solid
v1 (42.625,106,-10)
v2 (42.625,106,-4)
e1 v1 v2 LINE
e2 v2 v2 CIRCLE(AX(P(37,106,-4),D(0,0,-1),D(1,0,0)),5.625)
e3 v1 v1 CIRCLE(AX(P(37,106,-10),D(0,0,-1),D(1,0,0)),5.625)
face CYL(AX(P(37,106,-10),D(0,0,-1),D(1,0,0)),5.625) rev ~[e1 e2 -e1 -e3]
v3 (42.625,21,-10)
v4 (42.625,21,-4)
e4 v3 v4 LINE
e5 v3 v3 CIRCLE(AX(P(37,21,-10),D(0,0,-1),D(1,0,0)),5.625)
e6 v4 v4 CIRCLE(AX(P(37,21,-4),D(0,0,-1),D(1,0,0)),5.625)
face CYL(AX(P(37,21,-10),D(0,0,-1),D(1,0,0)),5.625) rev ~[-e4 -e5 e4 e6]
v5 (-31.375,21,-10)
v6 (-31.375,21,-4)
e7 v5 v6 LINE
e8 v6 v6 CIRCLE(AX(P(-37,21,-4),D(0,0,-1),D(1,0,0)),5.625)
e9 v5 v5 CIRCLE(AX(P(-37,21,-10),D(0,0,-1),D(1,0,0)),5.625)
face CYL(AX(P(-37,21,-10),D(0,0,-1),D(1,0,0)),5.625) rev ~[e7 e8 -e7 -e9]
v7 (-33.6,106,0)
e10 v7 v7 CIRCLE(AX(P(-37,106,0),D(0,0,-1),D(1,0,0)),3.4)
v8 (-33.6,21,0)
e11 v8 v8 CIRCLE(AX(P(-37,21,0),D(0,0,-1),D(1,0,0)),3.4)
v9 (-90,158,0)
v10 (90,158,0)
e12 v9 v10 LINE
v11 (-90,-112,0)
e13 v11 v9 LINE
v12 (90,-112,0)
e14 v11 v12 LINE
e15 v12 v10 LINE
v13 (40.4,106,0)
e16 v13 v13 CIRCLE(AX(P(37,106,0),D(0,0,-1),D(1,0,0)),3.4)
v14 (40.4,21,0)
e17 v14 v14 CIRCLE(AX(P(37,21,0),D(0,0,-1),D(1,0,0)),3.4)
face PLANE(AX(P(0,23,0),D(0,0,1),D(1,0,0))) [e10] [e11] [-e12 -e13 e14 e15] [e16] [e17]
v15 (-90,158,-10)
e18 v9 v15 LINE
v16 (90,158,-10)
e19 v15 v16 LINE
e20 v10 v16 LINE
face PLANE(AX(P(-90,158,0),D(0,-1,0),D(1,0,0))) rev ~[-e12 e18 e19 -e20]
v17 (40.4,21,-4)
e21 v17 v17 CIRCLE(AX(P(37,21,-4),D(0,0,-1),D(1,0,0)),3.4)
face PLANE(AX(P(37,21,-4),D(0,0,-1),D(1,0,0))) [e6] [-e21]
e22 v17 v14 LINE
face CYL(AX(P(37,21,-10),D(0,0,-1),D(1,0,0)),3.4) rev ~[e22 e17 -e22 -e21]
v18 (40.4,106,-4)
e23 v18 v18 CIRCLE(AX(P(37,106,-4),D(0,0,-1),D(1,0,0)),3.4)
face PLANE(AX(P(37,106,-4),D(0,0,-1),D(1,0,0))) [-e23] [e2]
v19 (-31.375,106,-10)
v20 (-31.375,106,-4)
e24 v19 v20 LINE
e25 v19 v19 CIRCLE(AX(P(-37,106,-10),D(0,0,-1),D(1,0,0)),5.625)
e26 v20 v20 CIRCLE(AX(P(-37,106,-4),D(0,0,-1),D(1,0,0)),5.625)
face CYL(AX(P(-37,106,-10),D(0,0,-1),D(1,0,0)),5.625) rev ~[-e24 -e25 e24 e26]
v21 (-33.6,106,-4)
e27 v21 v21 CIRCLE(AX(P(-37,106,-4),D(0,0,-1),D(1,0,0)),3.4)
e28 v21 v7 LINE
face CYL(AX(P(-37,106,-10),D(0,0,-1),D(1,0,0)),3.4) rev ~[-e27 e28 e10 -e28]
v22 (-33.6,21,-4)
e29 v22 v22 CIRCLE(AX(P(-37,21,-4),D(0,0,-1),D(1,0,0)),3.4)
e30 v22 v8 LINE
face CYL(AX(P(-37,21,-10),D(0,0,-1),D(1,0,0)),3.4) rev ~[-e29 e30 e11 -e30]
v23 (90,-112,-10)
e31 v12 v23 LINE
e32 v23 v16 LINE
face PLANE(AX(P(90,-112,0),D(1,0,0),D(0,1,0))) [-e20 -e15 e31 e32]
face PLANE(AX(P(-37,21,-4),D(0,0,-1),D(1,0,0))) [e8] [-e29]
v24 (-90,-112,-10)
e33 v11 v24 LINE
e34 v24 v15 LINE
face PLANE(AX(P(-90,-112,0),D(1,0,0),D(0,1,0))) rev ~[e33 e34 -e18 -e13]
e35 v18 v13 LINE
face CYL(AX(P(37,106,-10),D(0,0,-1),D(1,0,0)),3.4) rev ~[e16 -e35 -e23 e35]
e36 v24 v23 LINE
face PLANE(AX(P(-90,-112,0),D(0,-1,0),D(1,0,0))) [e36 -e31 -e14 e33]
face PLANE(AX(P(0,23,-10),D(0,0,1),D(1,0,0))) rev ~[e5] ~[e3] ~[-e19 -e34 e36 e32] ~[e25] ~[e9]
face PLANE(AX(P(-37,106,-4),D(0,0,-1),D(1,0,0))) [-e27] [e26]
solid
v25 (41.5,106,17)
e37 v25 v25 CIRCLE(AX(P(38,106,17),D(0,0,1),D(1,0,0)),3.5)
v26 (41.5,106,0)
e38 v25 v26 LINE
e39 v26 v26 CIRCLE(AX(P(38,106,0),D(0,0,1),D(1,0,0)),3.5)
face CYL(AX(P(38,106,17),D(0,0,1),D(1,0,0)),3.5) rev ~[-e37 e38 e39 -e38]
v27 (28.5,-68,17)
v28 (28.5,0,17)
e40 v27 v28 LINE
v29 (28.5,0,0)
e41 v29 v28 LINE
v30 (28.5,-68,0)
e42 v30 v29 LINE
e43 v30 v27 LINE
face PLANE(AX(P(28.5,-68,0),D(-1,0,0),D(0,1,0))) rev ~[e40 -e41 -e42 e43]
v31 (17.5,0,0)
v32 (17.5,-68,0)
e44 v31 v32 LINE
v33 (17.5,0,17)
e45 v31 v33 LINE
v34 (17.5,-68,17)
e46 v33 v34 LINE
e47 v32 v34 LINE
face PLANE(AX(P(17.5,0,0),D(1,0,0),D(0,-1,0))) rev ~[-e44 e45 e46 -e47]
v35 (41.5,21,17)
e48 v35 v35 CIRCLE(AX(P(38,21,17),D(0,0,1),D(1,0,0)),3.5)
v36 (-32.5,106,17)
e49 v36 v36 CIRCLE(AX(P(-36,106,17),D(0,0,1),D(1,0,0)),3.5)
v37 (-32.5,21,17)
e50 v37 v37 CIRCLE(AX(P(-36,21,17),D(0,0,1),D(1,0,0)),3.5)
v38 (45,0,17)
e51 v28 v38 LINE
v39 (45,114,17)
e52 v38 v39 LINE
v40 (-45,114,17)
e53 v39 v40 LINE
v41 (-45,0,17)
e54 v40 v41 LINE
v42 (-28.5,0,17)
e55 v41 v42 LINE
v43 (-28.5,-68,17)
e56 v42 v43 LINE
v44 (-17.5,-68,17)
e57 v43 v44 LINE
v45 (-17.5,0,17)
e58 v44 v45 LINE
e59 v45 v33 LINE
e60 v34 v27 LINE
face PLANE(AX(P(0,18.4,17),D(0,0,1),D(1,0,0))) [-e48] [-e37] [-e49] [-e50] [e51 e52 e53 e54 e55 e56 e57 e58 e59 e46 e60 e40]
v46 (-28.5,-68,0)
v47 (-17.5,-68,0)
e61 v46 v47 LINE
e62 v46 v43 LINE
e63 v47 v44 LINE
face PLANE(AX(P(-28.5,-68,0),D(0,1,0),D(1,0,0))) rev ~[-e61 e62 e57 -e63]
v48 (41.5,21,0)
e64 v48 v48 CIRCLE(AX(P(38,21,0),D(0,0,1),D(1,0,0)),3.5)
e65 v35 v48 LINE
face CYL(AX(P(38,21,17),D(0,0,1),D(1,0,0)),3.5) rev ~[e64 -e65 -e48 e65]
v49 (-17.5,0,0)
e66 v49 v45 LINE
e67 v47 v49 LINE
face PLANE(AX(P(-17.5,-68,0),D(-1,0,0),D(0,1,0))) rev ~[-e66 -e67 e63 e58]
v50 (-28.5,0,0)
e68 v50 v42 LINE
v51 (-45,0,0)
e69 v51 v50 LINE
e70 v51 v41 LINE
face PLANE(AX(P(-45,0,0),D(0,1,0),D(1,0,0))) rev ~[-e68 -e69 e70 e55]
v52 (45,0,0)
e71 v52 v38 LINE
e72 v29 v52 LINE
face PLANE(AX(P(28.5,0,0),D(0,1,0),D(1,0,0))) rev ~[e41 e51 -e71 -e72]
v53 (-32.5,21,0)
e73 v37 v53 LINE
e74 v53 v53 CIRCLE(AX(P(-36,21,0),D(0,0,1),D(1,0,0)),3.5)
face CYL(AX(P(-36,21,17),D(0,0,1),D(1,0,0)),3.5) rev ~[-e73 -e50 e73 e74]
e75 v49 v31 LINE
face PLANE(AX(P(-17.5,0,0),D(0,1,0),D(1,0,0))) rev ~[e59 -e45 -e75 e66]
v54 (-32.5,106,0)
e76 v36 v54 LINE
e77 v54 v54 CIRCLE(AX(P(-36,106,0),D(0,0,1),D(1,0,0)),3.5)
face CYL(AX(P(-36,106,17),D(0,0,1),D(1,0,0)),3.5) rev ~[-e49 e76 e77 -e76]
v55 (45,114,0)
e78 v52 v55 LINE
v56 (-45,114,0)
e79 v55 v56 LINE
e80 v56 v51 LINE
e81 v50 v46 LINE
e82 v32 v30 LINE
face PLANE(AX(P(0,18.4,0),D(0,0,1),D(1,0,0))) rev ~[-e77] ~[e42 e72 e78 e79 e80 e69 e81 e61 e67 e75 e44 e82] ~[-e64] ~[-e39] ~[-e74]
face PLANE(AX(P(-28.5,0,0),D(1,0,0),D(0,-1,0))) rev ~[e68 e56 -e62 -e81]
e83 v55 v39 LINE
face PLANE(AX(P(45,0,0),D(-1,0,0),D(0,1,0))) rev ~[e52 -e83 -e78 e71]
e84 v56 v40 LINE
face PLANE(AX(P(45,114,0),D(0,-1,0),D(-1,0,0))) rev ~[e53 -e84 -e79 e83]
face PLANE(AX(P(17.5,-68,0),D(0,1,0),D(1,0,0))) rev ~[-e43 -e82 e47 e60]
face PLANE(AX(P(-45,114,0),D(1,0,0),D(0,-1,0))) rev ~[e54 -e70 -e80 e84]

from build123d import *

# Parameters (mm, degrees)
F1_DEPTH = 17
F2_R     = 3.5
F3_DEPTH = 17.001
F4_W     = 180
F4_H     = 270
F5_DEPTH = 10
F6_R     = 3.4
F7_DEPTH = 10
F8_R     = 5.625
F9_DEPTH = 6


with BuildPart() as f1:
    # F0 (on Top) → F1 (new body)
    with BuildSketch(Plane.XY):
        Polygon((-45, 114), (-45, 0), (-28.5, 0), (-28.5, -68), (-17.5, -68), (-17.5, 0), (17.5, 0), (17.5, -68), (28.5, -68), (28.5, 0), (45, 0), (45, 114), align=None)
    extrude(amount=F1_DEPTH)

    # F2 (on face) → F3 (cut, through all)
    with BuildSketch(Plane.XY.offset(17)):
        with Locations((-36, 106)):
            Circle(F2_R)
        with Locations((-36, 21)):
            Circle(F2_R)
        with Locations((38, 106)):
            Circle(F2_R)
        with Locations((38, 21)):
            Circle(F2_R)
    extrude(amount=-F3_DEPTH, mode=Mode.SUBTRACT)


with BuildPart() as f5:
    # F4 (on Top) → F5 (new body)
    with BuildSketch(Plane.XY):
        with Locations((0, 23)):
            Rectangle(F4_W, F4_H)
    extrude(amount=-F5_DEPTH)

    # F6 (on face) → F7 (cut)
    with BuildSketch(Plane(origin=(0, 0, -10), x_dir=(1, 0, 0), z_dir=(0, 0, -1))):
        with Locations((37, -106)):
            Circle(F6_R)
        with Locations((-37, -106)):
            Circle(F6_R)
        with Locations((37, -21)):
            Circle(F6_R)
        with Locations((-37, -21)):
            Circle(F6_R)
    extrude(amount=-F7_DEPTH, mode=Mode.SUBTRACT)

    # F8 (on face) → F9 (cut)
    with BuildSketch(Plane(origin=(0, 0, -10), x_dir=(1, 0, 0), z_dir=(0, 0, -1))):
        with Locations((37, -21)):
            Circle(F8_R)
        with Locations((37, -106)):
            Circle(F8_R)
        with Locations((-37, -106)):
            Circle(F8_R)
        with Locations((-37, -21)):
            Circle(F8_R)
    extrude(amount=-F9_DEPTH, mode=Mode.SUBTRACT)


solid = Compound([f1.part, f5.part])
